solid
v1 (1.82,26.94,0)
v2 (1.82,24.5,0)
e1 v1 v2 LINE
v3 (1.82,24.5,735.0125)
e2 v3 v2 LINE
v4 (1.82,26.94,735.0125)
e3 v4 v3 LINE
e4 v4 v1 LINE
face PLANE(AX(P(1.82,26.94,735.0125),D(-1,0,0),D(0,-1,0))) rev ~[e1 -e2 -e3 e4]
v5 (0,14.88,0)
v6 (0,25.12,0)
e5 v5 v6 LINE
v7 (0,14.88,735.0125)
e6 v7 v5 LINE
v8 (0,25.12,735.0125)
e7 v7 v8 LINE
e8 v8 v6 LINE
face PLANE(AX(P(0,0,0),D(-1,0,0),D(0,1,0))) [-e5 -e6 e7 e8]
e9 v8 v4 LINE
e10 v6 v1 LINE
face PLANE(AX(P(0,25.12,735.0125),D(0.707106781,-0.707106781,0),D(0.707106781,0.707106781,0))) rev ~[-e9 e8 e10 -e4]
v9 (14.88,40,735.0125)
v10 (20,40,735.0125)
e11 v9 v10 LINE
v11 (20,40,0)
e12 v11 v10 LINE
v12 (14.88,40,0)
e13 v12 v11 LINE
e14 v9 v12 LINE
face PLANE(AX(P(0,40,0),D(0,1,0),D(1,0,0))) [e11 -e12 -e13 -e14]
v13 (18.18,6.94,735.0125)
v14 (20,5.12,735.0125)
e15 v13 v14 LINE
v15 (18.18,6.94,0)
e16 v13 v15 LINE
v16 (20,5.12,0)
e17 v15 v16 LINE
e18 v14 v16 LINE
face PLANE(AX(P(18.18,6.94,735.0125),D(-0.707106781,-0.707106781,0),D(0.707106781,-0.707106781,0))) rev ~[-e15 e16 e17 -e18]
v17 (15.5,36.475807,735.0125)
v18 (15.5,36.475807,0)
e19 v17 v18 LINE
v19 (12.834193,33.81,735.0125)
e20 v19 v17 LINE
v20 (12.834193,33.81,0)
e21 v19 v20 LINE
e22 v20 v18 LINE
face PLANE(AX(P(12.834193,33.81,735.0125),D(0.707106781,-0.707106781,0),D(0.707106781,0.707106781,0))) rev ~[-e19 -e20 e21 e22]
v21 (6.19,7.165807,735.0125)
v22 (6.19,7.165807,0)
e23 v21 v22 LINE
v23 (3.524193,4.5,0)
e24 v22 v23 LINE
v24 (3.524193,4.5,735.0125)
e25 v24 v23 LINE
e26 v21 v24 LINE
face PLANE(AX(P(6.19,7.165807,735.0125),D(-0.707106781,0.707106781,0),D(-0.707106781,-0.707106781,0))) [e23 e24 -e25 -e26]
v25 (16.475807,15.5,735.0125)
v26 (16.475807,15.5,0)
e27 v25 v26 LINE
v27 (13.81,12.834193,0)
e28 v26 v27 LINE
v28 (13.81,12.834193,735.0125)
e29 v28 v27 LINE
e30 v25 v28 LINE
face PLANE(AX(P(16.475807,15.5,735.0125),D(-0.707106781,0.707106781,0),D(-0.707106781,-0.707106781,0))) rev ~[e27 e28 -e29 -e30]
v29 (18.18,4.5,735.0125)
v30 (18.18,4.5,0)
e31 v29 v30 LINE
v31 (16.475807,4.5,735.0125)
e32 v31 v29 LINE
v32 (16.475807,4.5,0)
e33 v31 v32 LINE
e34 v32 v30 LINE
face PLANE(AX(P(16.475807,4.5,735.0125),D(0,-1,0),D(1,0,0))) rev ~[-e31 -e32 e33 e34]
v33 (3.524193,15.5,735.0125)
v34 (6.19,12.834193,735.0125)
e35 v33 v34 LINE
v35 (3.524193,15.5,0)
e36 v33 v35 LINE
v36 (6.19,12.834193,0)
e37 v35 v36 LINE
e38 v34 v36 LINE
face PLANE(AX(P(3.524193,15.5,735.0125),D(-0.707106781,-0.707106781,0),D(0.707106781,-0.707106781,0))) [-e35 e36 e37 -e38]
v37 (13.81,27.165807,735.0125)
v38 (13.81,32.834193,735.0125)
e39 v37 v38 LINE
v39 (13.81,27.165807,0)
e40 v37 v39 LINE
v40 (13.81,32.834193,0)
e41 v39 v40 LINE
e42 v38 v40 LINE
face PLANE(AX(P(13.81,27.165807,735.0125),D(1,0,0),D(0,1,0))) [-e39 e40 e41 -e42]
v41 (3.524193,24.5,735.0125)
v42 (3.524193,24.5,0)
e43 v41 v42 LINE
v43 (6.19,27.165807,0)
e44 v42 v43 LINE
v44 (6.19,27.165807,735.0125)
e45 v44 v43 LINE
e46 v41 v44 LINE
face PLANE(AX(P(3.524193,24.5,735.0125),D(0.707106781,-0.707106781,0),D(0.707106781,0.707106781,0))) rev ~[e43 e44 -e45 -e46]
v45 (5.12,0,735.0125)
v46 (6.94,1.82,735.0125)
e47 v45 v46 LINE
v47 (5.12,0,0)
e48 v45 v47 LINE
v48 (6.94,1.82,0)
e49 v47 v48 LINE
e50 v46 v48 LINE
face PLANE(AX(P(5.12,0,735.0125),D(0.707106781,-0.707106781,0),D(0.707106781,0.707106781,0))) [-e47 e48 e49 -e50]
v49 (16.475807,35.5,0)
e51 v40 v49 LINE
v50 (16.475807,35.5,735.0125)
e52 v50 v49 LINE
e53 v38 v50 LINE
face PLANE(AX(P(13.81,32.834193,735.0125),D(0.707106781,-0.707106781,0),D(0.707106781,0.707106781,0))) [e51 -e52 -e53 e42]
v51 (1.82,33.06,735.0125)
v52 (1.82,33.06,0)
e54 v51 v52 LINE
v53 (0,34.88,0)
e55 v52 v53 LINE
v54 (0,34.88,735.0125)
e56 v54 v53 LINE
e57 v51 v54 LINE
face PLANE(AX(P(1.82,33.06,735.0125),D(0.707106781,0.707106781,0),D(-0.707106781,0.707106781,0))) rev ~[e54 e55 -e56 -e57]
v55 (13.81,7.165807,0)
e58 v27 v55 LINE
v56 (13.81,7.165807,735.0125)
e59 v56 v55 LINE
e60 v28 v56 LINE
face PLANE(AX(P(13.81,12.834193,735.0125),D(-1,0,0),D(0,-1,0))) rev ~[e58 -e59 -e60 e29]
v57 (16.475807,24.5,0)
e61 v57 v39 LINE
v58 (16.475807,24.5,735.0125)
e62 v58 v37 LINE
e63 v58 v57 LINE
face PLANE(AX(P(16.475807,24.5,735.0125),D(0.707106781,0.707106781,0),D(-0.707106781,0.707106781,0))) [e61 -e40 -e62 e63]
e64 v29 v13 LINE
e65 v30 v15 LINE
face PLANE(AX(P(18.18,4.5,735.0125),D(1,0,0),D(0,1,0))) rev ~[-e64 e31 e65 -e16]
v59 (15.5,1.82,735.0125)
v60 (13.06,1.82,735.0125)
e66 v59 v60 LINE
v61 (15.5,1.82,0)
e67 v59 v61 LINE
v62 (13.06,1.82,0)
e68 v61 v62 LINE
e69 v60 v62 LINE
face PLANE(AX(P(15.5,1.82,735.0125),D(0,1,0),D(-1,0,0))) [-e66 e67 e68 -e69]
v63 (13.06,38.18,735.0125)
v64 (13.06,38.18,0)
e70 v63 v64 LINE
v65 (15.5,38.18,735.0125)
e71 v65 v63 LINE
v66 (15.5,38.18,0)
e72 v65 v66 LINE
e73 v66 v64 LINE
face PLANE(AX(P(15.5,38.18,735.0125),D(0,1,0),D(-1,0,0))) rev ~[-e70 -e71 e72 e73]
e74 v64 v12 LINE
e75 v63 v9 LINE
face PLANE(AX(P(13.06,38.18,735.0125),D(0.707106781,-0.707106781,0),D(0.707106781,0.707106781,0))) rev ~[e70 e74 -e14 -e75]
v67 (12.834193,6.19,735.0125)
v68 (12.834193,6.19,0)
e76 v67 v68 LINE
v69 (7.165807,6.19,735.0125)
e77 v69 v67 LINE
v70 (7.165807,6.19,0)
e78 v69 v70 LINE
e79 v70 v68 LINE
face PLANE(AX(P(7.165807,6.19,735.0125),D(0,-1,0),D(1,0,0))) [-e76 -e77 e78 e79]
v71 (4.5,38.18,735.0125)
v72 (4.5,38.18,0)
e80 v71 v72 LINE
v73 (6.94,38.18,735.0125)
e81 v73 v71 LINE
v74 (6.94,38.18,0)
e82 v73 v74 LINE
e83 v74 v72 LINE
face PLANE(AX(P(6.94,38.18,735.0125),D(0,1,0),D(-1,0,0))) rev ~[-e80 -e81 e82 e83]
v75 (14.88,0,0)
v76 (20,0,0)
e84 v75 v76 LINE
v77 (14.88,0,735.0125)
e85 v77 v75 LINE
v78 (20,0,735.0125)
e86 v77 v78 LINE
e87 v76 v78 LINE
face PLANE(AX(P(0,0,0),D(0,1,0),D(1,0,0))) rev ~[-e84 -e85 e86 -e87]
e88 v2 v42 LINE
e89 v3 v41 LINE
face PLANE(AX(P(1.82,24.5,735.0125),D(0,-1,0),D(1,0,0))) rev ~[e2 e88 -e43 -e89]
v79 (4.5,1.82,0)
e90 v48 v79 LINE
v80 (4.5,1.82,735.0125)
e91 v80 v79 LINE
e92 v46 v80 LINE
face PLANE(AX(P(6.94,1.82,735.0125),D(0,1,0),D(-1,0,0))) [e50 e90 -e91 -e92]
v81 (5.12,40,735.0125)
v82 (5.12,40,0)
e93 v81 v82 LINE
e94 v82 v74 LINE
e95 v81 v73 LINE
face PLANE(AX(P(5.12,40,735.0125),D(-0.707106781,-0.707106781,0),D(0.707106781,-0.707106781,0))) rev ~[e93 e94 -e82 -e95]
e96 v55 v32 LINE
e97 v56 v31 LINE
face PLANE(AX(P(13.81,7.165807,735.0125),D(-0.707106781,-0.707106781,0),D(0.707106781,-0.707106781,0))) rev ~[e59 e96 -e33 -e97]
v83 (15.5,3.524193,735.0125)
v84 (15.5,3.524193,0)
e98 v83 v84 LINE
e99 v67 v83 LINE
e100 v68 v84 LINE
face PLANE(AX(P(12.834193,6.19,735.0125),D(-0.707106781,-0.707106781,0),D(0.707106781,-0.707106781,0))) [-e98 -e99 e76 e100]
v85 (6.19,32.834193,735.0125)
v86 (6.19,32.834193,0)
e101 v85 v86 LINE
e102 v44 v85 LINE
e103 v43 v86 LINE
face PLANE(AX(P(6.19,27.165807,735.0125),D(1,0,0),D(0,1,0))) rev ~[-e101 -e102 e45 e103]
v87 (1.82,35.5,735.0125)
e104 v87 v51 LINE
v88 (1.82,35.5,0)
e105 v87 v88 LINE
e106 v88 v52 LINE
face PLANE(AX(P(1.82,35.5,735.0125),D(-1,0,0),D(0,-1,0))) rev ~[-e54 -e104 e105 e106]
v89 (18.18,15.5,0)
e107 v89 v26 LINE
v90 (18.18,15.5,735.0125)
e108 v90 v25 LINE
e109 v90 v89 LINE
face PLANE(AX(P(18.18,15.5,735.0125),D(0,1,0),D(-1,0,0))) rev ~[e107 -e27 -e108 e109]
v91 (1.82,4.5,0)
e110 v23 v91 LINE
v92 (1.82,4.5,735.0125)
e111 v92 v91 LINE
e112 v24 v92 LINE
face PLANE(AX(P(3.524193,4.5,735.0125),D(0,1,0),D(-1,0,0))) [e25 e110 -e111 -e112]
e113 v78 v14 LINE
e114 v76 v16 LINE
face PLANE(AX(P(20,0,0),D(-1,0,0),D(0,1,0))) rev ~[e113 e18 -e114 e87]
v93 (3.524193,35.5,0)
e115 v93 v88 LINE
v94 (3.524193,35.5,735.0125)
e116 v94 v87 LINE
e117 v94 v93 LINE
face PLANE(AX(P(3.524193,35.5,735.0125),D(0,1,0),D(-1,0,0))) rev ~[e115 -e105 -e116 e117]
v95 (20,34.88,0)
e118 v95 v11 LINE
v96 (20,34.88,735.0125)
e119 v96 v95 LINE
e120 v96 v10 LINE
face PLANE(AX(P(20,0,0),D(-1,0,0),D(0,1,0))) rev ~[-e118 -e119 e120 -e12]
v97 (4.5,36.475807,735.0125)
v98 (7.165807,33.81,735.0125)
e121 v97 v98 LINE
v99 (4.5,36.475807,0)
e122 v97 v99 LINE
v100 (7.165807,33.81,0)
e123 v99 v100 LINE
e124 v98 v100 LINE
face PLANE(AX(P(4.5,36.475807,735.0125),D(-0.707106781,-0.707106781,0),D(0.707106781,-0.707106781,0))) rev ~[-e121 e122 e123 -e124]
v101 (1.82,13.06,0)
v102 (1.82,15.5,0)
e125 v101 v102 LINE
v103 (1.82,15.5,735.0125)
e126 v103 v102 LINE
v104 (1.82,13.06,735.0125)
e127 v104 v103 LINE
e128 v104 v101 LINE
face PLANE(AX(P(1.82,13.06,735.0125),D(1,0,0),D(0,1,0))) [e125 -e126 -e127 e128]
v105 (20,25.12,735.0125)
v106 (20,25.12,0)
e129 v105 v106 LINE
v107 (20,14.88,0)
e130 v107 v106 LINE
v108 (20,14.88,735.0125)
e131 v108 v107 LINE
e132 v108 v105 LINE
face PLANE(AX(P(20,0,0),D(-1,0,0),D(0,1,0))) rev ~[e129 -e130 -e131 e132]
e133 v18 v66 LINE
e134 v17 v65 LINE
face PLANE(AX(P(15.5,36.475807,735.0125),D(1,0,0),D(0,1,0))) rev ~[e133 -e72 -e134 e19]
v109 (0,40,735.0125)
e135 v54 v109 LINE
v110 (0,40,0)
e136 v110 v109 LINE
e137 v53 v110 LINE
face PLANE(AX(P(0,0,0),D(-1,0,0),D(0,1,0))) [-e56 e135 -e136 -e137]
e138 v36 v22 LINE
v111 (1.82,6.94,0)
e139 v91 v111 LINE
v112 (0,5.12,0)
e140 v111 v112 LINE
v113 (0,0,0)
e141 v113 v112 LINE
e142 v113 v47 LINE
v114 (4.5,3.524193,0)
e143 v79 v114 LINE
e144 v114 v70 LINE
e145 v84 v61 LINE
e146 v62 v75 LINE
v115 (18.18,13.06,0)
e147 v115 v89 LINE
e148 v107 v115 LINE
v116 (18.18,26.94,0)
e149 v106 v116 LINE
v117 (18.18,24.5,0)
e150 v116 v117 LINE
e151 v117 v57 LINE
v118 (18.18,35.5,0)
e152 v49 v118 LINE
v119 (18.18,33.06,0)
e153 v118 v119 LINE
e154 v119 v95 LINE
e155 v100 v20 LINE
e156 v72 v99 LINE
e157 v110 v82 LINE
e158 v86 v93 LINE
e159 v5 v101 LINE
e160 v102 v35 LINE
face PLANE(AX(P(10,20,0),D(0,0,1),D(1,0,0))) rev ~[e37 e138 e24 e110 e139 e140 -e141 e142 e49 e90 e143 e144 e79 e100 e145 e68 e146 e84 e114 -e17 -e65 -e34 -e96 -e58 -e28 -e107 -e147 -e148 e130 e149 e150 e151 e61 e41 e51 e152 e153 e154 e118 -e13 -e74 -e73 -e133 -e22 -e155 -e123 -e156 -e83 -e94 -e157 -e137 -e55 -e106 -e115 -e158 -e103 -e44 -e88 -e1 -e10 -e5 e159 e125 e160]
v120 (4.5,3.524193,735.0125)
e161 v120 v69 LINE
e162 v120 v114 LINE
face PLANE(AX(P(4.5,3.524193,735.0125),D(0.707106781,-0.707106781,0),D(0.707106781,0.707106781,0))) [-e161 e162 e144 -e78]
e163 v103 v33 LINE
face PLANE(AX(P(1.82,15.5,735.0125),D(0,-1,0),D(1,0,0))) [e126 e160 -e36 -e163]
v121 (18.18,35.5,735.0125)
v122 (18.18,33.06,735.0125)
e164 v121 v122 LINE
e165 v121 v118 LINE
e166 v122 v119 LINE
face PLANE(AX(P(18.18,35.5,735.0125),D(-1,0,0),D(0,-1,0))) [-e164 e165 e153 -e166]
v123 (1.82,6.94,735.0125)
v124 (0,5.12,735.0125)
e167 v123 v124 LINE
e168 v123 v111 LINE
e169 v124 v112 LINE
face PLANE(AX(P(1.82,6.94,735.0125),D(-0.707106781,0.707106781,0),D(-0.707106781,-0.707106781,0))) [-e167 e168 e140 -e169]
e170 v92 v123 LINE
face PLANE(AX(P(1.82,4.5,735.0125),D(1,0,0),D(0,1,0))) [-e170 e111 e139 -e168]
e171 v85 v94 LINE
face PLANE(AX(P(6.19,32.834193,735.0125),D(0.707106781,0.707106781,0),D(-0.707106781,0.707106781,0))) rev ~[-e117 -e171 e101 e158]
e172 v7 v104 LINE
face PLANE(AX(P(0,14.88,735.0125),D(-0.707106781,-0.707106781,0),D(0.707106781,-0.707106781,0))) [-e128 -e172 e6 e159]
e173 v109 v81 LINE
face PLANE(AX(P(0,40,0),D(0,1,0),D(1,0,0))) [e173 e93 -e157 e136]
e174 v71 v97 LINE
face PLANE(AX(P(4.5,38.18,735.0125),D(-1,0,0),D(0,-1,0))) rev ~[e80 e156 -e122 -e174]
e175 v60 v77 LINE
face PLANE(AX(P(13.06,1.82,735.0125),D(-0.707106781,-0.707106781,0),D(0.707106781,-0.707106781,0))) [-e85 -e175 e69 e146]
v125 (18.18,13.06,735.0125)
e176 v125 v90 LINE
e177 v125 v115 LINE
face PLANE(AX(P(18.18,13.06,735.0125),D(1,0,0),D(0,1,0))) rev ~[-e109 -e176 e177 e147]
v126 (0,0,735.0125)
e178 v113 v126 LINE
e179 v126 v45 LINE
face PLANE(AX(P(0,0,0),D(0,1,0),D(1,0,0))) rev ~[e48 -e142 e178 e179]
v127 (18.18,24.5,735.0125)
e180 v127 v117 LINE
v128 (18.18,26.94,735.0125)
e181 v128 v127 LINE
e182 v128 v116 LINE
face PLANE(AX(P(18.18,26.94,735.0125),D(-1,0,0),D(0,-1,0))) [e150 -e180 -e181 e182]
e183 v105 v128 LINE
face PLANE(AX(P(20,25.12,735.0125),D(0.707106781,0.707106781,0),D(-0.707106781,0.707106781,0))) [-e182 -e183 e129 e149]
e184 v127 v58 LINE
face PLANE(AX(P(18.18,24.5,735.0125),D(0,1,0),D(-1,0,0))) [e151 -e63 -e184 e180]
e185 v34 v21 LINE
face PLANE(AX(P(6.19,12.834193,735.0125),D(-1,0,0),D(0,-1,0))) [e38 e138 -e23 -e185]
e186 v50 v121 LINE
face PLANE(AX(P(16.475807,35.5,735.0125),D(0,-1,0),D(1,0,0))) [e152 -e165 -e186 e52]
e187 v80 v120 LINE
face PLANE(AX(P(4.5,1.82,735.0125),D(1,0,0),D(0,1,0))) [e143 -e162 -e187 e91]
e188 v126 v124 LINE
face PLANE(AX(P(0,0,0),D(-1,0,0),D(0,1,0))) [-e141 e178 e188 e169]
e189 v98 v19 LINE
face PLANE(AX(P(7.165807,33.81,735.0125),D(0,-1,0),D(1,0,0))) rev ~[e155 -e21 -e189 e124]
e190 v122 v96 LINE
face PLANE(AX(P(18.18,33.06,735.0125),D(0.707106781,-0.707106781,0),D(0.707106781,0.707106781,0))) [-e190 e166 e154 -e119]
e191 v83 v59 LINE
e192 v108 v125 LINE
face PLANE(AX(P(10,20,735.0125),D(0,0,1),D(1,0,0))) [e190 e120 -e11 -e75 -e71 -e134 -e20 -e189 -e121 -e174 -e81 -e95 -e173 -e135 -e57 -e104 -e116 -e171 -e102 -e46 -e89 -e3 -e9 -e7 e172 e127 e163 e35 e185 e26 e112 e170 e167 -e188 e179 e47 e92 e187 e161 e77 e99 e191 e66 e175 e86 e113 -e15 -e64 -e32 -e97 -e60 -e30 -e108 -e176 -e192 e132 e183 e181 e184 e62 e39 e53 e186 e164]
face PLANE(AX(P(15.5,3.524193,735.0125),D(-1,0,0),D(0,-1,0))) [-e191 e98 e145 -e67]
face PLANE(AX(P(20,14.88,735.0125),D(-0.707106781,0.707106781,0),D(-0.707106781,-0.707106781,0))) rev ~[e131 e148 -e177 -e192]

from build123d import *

# Parameters (mm, degrees)
SKETCH1_W           = 20
SKETCH1_H           = 40
BOSS_EXTRUDE1_DEPTH = 735.0125
CUT_EXTRUDE1_DEPTH  = 736.0125


with BuildPart() as part:
    # Sketch1 → Boss-Extrude1 (new body)
    with BuildSketch(Plane.XY):
        with Locations((10, 20)):
            Rectangle(SKETCH1_W, SKETCH1_H)
    extrude(amount=BOSS_EXTRUDE1_DEPTH)

    # Sketch2 → Cut-Extrude1 (cut, through all)
    with BuildSketch(Plane.XY.offset(735.0125)):
        Polygon((5.12, 40), (6.94, 38.18), (4.5, 38.18), (4.5, 36.475807358), (7.165807358, 33.81), (12.834192642, 33.81), (15.5, 36.475807358), (15.5, 38.18), (13.06, 38.18), (14.88, 40), align=None)
        Polygon((18.18, 35.5), (18.18, 33.06), (20, 34.88), (20, 25.12), (18.18, 26.94), (18.18, 24.5), (16.475807358, 24.5), (13.81, 27.165807358), (13.81, 32.834192642), (16.475807358, 35.5), align=None)
        Polygon((20, 14.88), (18.18, 13.06), (18.18, 15.5), (16.475807358, 15.5), (13.81, 12.834192642), (13.81, 7.165807358), (16.475807358, 4.5), (18.18, 4.5), (18.18, 6.94), (20, 5.12), align=None)
        Polygon((15.5, 1.82), (13.06, 1.82), (14.88, 0), (5.12, 0), (6.94, 1.82), (4.5, 1.82), (4.5, 3.524192642), (7.165807358, 6.19), (12.834192642, 6.19), (15.5, 3.524192642), align=None)
        Polygon((1.82, 4.5), (1.82, 6.94), (0, 5.12), (0, 14.88), (1.82, 13.06), (1.82, 15.5), (3.524192642, 15.5), (6.19, 12.834192642), (6.19, 7.165807358), (3.524192642, 4.5), align=None)
        Polygon((0, 25.12), (1.82, 26.94), (1.82, 24.5), (3.524192642, 24.5), (6.19, 27.165807358), (6.19, 32.834192642), (3.524192642, 35.5), (1.82, 35.5), (1.82, 33.06), (0, 34.88), align=None)
    extrude(amount=-CUT_EXTRUDE1_DEPTH, mode=Mode.SUBTRACT)


solid = part.part
